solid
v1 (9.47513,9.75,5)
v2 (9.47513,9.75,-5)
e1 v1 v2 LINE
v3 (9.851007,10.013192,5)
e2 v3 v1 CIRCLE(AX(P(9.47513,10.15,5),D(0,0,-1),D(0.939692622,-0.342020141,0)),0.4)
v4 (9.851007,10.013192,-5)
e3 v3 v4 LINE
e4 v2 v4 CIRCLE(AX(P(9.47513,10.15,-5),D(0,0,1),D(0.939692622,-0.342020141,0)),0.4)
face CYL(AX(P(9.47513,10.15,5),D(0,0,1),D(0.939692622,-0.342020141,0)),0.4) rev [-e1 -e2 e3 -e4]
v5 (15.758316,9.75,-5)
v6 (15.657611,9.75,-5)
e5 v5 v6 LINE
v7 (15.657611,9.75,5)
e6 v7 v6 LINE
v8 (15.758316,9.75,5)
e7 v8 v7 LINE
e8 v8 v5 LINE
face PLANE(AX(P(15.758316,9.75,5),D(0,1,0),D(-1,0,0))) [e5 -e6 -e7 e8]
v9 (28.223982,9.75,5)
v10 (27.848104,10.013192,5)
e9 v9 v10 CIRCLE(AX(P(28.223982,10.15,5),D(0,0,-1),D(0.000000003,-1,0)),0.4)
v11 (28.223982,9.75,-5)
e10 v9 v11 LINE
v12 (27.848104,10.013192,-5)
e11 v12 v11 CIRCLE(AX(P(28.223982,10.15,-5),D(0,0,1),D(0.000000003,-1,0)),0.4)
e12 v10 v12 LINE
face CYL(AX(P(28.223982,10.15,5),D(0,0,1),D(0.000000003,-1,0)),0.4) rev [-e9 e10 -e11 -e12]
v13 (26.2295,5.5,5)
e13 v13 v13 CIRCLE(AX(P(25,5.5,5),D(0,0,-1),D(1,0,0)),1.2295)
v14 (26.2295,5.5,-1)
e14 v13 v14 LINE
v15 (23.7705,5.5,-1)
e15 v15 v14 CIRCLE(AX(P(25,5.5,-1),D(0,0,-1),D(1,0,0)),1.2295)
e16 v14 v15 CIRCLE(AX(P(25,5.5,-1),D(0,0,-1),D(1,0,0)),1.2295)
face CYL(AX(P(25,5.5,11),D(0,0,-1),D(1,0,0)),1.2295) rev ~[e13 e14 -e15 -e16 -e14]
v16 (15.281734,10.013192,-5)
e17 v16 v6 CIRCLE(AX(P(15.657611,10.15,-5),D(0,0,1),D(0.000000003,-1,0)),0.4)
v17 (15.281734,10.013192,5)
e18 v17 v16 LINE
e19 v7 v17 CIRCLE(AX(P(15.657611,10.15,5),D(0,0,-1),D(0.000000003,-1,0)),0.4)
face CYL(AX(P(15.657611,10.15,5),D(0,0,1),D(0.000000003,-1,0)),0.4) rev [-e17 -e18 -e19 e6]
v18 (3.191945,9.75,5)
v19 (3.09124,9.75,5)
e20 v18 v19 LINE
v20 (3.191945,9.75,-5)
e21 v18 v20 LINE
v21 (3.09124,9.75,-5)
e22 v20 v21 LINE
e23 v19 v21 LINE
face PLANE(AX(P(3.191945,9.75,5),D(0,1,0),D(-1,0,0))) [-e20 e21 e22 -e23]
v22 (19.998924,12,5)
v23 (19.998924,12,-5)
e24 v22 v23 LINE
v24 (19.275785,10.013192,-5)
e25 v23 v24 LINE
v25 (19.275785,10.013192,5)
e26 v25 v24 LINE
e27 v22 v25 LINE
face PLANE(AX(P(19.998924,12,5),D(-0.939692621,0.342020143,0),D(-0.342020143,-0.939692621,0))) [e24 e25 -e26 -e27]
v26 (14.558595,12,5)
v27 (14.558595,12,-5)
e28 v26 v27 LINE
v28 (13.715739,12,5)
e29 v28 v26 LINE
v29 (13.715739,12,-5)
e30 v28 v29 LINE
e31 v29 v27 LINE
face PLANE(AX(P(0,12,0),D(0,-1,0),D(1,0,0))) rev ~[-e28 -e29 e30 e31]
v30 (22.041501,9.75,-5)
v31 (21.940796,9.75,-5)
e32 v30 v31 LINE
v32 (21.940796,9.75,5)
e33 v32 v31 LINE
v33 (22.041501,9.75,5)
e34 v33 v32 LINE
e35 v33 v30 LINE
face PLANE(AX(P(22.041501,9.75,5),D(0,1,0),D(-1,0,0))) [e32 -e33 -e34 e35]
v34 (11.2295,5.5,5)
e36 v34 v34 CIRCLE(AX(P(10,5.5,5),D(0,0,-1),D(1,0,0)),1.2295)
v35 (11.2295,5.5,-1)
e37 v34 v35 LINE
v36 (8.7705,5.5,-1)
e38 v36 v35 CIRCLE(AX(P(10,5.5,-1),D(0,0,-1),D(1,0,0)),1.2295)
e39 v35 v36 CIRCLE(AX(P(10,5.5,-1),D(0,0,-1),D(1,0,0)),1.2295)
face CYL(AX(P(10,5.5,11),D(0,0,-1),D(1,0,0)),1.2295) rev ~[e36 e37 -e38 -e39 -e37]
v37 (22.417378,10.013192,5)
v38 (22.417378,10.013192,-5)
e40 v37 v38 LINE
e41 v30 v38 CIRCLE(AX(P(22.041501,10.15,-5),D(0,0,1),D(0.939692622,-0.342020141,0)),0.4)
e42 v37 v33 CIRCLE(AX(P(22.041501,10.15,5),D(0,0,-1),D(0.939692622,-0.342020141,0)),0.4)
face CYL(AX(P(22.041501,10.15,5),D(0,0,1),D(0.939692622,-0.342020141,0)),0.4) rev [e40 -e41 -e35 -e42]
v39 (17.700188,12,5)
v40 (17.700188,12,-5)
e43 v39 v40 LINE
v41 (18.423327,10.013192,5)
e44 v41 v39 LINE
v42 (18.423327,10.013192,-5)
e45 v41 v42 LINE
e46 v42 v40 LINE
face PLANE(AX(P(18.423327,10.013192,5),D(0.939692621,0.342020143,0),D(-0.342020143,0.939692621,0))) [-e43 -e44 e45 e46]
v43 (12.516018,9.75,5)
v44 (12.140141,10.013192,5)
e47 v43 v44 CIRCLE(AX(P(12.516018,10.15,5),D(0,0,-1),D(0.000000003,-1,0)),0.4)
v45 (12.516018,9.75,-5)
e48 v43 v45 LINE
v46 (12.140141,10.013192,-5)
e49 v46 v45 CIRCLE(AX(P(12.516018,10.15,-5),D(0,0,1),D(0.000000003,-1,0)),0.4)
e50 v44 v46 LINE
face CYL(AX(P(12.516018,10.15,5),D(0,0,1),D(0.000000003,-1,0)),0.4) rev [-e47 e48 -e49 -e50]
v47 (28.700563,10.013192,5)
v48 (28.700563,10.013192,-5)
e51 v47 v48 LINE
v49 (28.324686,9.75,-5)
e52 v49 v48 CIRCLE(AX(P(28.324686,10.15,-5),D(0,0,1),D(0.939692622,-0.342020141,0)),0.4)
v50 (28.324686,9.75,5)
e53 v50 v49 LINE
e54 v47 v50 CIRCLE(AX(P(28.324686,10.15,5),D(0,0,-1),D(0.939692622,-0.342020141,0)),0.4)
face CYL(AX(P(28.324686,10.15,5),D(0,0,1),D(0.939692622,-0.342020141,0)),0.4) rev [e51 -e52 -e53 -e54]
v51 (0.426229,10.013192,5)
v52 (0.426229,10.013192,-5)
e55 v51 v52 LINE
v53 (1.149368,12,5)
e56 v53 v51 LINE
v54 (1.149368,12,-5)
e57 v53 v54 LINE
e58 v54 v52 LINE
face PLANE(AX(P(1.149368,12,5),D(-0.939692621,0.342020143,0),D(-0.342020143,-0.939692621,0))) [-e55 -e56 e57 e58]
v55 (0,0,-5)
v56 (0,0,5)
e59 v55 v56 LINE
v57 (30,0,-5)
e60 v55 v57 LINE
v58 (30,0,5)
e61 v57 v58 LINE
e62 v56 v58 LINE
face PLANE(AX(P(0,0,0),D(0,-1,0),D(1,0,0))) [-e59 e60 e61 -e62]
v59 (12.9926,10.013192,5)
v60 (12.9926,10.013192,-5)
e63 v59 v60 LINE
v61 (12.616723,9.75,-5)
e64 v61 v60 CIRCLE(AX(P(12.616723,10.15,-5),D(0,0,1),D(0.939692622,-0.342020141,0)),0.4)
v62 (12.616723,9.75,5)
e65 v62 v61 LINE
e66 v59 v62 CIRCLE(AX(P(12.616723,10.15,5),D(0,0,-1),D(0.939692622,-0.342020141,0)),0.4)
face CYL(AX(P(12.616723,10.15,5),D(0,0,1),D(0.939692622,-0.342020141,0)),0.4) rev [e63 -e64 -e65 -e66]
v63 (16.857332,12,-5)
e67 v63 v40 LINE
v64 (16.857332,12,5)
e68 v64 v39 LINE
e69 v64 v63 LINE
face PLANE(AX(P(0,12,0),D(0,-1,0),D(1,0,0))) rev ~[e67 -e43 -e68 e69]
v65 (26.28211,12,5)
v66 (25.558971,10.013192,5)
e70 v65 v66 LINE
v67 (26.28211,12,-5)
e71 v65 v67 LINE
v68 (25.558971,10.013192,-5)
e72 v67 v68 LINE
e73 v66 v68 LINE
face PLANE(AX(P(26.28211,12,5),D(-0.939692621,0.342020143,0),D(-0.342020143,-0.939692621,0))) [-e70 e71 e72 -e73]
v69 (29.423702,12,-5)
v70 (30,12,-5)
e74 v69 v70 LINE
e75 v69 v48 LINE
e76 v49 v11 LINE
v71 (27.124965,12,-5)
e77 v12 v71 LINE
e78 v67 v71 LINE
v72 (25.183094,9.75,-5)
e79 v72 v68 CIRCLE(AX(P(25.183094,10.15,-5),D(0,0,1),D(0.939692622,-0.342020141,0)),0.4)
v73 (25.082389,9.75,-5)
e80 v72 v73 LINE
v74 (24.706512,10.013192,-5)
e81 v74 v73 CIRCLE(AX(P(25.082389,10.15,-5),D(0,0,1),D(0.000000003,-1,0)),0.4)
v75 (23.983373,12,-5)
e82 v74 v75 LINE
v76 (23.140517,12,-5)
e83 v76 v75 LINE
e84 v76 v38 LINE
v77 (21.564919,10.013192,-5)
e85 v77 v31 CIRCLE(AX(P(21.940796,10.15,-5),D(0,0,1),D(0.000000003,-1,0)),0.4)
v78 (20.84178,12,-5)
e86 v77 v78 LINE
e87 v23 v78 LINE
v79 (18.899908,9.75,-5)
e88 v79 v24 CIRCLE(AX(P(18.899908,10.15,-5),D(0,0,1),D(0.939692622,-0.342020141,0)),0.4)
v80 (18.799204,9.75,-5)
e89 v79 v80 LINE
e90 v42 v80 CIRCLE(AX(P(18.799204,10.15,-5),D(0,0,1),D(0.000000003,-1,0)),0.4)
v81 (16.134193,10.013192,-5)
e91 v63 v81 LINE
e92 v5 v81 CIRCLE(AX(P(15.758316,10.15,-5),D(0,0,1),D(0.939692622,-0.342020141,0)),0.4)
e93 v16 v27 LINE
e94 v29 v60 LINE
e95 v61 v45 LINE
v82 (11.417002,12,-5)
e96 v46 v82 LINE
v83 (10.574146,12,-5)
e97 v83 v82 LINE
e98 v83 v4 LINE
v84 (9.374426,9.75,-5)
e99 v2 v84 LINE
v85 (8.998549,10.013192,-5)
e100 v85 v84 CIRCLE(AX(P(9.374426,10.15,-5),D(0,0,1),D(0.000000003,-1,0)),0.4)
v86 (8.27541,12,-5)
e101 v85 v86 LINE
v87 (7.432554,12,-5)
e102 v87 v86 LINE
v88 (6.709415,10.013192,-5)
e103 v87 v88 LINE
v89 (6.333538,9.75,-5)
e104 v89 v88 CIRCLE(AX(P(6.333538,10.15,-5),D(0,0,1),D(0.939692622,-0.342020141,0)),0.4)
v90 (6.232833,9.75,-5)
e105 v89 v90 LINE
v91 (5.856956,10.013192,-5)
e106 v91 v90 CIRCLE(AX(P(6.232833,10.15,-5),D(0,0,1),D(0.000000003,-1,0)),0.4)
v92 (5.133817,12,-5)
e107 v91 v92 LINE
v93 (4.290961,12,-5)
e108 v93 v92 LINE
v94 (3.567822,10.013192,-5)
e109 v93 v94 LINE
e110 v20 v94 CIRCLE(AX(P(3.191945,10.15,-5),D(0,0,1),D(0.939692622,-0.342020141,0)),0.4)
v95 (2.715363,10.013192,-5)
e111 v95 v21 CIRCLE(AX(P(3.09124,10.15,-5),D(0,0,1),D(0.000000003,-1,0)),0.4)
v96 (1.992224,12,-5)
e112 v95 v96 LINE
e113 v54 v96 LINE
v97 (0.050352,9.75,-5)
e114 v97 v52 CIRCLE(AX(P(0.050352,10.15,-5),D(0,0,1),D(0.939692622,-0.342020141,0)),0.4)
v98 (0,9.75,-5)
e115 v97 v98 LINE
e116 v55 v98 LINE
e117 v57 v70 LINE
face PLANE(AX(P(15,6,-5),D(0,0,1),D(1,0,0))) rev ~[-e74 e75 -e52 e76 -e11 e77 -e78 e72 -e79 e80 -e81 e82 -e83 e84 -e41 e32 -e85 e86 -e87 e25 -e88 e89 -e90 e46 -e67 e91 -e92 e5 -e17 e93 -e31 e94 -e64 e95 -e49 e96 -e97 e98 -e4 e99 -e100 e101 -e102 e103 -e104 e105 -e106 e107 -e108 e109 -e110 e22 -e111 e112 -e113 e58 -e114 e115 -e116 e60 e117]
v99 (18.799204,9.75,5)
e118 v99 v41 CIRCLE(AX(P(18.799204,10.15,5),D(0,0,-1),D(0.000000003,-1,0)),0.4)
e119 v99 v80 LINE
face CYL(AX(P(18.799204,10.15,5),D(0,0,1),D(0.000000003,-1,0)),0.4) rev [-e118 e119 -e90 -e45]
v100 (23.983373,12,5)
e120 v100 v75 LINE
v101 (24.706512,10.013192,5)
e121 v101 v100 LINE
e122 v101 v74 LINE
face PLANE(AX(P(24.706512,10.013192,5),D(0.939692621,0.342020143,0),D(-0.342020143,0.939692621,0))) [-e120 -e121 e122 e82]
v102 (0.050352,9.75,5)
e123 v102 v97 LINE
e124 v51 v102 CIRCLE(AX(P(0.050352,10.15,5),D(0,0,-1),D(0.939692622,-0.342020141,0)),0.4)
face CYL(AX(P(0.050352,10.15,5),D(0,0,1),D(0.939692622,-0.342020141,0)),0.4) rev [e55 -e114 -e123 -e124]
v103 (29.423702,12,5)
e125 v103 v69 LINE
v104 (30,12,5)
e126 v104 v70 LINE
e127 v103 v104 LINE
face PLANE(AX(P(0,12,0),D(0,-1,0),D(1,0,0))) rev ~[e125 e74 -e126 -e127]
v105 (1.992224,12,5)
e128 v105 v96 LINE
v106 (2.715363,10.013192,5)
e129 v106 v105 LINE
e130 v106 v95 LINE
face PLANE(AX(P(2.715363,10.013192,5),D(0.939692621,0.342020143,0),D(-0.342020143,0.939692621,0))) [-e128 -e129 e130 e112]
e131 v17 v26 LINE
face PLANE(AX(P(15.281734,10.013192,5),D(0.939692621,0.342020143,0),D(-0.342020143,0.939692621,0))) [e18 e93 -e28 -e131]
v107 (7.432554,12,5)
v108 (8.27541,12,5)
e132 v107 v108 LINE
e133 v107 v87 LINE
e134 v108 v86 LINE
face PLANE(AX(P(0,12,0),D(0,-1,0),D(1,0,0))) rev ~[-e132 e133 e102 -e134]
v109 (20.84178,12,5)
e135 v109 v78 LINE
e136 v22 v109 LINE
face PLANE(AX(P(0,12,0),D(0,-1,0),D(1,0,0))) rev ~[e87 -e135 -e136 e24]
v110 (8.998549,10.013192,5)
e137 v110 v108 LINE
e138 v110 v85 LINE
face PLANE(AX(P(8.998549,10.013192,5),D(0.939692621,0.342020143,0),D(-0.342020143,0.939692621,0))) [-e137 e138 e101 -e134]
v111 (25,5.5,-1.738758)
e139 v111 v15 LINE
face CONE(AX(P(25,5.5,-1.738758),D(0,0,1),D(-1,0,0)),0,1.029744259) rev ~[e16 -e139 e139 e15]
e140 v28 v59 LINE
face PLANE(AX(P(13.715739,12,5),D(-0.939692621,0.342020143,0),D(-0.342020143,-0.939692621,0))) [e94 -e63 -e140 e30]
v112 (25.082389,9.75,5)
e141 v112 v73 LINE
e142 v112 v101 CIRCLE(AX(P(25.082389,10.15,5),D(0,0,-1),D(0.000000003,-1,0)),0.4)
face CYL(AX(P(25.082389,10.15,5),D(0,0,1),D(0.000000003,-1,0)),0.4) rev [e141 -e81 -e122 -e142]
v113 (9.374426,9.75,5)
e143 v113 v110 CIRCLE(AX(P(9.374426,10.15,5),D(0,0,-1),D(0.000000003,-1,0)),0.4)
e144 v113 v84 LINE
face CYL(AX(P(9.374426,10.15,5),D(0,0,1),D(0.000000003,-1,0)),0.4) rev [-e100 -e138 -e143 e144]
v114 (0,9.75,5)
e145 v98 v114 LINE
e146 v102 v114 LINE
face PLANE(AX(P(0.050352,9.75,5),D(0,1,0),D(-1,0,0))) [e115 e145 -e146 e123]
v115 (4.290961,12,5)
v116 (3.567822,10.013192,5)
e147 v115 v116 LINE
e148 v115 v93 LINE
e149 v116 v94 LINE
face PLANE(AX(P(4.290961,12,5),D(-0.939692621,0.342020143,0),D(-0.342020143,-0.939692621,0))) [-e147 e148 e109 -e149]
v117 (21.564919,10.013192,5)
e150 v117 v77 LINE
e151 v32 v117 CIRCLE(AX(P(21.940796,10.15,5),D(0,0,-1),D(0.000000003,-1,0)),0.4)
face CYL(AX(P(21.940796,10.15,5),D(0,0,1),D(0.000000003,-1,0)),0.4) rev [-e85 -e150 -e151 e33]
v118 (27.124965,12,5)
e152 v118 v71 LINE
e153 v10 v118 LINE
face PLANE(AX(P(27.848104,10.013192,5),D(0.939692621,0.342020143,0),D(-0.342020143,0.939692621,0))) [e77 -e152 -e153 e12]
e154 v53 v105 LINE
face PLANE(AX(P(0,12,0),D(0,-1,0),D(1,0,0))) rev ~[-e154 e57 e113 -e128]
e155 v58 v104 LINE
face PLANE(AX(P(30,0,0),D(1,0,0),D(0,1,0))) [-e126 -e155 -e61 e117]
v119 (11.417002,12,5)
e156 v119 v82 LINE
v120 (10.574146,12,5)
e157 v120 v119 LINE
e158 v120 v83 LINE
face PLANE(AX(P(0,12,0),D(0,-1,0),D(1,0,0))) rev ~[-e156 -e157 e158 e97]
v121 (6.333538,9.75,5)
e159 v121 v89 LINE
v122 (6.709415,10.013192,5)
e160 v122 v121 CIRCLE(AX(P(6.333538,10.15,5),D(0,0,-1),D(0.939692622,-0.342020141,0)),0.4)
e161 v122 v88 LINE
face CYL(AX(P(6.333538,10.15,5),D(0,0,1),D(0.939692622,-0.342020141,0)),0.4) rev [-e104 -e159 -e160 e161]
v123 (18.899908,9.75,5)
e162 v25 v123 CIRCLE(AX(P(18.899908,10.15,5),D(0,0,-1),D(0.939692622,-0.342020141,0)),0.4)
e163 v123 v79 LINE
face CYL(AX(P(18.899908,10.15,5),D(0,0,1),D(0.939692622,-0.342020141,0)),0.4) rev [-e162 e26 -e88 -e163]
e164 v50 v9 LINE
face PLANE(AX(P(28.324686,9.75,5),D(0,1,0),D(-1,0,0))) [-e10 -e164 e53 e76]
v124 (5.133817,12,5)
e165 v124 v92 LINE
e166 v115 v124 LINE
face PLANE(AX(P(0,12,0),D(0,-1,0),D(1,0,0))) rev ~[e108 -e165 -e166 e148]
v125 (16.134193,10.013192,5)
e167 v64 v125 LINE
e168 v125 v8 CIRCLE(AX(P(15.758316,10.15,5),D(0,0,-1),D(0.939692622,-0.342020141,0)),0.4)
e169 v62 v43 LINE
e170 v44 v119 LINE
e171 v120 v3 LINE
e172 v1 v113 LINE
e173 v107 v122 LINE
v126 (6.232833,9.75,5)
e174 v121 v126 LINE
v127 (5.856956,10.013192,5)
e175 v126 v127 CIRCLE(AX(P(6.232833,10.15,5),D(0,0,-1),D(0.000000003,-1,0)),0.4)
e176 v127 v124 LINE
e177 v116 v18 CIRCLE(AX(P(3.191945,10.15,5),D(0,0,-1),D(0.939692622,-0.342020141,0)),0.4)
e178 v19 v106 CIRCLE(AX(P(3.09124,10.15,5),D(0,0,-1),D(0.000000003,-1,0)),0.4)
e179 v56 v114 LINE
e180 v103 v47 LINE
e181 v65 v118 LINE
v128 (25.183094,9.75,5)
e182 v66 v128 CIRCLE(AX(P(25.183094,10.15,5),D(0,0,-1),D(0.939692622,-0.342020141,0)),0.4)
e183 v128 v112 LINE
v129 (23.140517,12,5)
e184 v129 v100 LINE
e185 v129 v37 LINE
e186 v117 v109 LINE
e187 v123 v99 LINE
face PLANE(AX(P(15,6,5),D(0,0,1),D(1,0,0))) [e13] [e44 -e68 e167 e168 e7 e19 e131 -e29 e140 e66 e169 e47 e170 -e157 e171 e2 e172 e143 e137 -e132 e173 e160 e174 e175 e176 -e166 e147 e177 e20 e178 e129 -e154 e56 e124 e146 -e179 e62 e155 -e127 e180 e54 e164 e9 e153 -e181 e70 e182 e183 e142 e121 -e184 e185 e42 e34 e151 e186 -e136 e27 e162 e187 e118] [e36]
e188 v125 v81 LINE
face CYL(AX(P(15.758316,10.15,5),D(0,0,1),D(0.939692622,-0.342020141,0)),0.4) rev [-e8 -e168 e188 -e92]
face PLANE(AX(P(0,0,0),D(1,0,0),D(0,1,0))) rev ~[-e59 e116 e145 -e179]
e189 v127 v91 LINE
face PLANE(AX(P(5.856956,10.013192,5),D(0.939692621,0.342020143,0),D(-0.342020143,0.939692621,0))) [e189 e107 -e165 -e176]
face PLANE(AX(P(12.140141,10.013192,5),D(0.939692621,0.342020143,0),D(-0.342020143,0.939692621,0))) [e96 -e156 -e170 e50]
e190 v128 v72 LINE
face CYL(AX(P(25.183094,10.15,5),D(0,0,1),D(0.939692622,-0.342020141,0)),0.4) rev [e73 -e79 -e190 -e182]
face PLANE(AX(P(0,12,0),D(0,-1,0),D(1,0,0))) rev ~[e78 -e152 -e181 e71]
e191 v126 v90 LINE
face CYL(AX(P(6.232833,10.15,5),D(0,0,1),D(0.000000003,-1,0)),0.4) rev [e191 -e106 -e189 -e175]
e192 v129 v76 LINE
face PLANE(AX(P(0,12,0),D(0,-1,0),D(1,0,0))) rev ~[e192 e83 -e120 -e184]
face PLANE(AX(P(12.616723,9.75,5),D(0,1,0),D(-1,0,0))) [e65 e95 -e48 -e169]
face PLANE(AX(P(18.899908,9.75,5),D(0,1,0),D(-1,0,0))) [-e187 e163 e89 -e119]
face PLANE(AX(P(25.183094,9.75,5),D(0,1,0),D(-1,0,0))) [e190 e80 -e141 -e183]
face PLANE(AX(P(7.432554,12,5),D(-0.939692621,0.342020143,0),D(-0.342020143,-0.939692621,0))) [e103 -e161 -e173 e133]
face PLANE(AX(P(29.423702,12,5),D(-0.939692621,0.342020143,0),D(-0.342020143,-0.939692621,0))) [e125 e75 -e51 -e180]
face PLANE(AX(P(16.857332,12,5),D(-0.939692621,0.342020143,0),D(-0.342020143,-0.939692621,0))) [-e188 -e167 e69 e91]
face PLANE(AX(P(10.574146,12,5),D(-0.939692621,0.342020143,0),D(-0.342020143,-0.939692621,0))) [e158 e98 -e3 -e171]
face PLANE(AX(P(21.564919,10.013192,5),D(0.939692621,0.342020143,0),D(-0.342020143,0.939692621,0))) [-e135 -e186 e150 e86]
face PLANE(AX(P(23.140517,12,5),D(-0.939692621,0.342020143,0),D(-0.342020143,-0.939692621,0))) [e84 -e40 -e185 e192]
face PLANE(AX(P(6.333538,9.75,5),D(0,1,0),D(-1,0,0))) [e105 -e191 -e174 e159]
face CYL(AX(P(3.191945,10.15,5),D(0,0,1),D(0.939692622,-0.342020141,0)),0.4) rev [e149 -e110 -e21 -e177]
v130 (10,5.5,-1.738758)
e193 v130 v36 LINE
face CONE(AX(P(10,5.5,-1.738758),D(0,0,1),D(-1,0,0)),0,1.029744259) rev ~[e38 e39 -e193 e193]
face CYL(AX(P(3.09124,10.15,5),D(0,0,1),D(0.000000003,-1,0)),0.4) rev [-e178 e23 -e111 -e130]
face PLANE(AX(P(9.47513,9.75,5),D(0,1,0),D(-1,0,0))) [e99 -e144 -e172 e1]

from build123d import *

# Parameters (mm, degrees)
SKETCH1_W           = 30
SKETCH1_H           = 12
BOSS_EXTRUDE1_DEPTH = 5
CUT_EXTRUDE1_DEPTH  = 34.823069051
LPATTERN1_COUNT     = 10
LPATTERN1_PITCH     = 3.141592654
TAP1_D              = 2.459
TAP1_DEPTH          = 6
TAP1_TIP            = 0.738758131
TAP3_D              = 2.459
TAP3_DEPTH          = 6
TAP3_TIP            = 0.738758131


with BuildPart() as part:
    # Sketch1 → Boss-Extrude1 (new, symmetric)
    with BuildSketch(Plane.XY):
        with Locations((15, 6)):
            Rectangle(SKETCH1_W, SKETCH1_H)
    extrude(amount=BOSS_EXTRUDE1_DEPTH, both=True)

    # Sketch2 → Cut-Extrude1 (cut, through all)
    with BuildSketch(Plane.XY.offset(5)):
        with BuildLine():
            Line((-1.149368398, 12), (1.149368398, 12))
            Line((1.149368398, 12), (0.426229404, 10.013191943))
            ThreePointArc((0.426229404, 10.013191943), (0.27978293, 9.822339182), (0.050352355, 9.75))
            Line((0.050352355, 9.75), (-0.050352355, 9.75))
            ThreePointArc((-0.050352355, 9.75), (-0.27978293, 9.822339182), (-0.426229404, 10.013191943))
            Line((-0.426229404, 10.013191943), (-1.149368398, 12))
        make_face()
    cut_extrude1 = extrude(amount=-CUT_EXTRUDE1_DEPTH, mode=Mode.SUBTRACT)

    # LPattern1: Cut-Extrude1 ×10
    with Locations(*[(i * LPATTERN1_PITCH, 0, 0) for i in range(1, LPATTERN1_COUNT)]):
        add(cut_extrude1, mode=Mode.SUBTRACT)

    # Tap1
    with Locations(Plane(origin=(-45.41658703, 4.630780207, 5), x_dir=(-1, 0, 0), z_dir=(0, 0, 1))):
        with Locations((-55.41658703, -0.869219793)):
            Hole(TAP1_D / 2, depth=TAP1_DEPTH)
            with Locations((0, 0, -(TAP1_DEPTH + TAP1_TIP / 2))):  # 118° drill point
                Cone(0, TAP1_D / 2, TAP1_TIP, mode=Mode.SUBTRACT)

    # Tap3
    with Locations(Plane(origin=(-24.792169361, 5.708678804, 5), x_dir=(-1, 0, 0), z_dir=(0, 0, 1))):
        with Locations((-49.792169361, 0.208678804)):
            Hole(TAP3_D / 2, depth=TAP3_DEPTH)
            with Locations((0, 0, -(TAP3_DEPTH + TAP3_TIP / 2))):  # 118° drill point
                Cone(0, TAP3_D / 2, TAP3_TIP, mode=Mode.SUBTRACT)


solid = part.part
